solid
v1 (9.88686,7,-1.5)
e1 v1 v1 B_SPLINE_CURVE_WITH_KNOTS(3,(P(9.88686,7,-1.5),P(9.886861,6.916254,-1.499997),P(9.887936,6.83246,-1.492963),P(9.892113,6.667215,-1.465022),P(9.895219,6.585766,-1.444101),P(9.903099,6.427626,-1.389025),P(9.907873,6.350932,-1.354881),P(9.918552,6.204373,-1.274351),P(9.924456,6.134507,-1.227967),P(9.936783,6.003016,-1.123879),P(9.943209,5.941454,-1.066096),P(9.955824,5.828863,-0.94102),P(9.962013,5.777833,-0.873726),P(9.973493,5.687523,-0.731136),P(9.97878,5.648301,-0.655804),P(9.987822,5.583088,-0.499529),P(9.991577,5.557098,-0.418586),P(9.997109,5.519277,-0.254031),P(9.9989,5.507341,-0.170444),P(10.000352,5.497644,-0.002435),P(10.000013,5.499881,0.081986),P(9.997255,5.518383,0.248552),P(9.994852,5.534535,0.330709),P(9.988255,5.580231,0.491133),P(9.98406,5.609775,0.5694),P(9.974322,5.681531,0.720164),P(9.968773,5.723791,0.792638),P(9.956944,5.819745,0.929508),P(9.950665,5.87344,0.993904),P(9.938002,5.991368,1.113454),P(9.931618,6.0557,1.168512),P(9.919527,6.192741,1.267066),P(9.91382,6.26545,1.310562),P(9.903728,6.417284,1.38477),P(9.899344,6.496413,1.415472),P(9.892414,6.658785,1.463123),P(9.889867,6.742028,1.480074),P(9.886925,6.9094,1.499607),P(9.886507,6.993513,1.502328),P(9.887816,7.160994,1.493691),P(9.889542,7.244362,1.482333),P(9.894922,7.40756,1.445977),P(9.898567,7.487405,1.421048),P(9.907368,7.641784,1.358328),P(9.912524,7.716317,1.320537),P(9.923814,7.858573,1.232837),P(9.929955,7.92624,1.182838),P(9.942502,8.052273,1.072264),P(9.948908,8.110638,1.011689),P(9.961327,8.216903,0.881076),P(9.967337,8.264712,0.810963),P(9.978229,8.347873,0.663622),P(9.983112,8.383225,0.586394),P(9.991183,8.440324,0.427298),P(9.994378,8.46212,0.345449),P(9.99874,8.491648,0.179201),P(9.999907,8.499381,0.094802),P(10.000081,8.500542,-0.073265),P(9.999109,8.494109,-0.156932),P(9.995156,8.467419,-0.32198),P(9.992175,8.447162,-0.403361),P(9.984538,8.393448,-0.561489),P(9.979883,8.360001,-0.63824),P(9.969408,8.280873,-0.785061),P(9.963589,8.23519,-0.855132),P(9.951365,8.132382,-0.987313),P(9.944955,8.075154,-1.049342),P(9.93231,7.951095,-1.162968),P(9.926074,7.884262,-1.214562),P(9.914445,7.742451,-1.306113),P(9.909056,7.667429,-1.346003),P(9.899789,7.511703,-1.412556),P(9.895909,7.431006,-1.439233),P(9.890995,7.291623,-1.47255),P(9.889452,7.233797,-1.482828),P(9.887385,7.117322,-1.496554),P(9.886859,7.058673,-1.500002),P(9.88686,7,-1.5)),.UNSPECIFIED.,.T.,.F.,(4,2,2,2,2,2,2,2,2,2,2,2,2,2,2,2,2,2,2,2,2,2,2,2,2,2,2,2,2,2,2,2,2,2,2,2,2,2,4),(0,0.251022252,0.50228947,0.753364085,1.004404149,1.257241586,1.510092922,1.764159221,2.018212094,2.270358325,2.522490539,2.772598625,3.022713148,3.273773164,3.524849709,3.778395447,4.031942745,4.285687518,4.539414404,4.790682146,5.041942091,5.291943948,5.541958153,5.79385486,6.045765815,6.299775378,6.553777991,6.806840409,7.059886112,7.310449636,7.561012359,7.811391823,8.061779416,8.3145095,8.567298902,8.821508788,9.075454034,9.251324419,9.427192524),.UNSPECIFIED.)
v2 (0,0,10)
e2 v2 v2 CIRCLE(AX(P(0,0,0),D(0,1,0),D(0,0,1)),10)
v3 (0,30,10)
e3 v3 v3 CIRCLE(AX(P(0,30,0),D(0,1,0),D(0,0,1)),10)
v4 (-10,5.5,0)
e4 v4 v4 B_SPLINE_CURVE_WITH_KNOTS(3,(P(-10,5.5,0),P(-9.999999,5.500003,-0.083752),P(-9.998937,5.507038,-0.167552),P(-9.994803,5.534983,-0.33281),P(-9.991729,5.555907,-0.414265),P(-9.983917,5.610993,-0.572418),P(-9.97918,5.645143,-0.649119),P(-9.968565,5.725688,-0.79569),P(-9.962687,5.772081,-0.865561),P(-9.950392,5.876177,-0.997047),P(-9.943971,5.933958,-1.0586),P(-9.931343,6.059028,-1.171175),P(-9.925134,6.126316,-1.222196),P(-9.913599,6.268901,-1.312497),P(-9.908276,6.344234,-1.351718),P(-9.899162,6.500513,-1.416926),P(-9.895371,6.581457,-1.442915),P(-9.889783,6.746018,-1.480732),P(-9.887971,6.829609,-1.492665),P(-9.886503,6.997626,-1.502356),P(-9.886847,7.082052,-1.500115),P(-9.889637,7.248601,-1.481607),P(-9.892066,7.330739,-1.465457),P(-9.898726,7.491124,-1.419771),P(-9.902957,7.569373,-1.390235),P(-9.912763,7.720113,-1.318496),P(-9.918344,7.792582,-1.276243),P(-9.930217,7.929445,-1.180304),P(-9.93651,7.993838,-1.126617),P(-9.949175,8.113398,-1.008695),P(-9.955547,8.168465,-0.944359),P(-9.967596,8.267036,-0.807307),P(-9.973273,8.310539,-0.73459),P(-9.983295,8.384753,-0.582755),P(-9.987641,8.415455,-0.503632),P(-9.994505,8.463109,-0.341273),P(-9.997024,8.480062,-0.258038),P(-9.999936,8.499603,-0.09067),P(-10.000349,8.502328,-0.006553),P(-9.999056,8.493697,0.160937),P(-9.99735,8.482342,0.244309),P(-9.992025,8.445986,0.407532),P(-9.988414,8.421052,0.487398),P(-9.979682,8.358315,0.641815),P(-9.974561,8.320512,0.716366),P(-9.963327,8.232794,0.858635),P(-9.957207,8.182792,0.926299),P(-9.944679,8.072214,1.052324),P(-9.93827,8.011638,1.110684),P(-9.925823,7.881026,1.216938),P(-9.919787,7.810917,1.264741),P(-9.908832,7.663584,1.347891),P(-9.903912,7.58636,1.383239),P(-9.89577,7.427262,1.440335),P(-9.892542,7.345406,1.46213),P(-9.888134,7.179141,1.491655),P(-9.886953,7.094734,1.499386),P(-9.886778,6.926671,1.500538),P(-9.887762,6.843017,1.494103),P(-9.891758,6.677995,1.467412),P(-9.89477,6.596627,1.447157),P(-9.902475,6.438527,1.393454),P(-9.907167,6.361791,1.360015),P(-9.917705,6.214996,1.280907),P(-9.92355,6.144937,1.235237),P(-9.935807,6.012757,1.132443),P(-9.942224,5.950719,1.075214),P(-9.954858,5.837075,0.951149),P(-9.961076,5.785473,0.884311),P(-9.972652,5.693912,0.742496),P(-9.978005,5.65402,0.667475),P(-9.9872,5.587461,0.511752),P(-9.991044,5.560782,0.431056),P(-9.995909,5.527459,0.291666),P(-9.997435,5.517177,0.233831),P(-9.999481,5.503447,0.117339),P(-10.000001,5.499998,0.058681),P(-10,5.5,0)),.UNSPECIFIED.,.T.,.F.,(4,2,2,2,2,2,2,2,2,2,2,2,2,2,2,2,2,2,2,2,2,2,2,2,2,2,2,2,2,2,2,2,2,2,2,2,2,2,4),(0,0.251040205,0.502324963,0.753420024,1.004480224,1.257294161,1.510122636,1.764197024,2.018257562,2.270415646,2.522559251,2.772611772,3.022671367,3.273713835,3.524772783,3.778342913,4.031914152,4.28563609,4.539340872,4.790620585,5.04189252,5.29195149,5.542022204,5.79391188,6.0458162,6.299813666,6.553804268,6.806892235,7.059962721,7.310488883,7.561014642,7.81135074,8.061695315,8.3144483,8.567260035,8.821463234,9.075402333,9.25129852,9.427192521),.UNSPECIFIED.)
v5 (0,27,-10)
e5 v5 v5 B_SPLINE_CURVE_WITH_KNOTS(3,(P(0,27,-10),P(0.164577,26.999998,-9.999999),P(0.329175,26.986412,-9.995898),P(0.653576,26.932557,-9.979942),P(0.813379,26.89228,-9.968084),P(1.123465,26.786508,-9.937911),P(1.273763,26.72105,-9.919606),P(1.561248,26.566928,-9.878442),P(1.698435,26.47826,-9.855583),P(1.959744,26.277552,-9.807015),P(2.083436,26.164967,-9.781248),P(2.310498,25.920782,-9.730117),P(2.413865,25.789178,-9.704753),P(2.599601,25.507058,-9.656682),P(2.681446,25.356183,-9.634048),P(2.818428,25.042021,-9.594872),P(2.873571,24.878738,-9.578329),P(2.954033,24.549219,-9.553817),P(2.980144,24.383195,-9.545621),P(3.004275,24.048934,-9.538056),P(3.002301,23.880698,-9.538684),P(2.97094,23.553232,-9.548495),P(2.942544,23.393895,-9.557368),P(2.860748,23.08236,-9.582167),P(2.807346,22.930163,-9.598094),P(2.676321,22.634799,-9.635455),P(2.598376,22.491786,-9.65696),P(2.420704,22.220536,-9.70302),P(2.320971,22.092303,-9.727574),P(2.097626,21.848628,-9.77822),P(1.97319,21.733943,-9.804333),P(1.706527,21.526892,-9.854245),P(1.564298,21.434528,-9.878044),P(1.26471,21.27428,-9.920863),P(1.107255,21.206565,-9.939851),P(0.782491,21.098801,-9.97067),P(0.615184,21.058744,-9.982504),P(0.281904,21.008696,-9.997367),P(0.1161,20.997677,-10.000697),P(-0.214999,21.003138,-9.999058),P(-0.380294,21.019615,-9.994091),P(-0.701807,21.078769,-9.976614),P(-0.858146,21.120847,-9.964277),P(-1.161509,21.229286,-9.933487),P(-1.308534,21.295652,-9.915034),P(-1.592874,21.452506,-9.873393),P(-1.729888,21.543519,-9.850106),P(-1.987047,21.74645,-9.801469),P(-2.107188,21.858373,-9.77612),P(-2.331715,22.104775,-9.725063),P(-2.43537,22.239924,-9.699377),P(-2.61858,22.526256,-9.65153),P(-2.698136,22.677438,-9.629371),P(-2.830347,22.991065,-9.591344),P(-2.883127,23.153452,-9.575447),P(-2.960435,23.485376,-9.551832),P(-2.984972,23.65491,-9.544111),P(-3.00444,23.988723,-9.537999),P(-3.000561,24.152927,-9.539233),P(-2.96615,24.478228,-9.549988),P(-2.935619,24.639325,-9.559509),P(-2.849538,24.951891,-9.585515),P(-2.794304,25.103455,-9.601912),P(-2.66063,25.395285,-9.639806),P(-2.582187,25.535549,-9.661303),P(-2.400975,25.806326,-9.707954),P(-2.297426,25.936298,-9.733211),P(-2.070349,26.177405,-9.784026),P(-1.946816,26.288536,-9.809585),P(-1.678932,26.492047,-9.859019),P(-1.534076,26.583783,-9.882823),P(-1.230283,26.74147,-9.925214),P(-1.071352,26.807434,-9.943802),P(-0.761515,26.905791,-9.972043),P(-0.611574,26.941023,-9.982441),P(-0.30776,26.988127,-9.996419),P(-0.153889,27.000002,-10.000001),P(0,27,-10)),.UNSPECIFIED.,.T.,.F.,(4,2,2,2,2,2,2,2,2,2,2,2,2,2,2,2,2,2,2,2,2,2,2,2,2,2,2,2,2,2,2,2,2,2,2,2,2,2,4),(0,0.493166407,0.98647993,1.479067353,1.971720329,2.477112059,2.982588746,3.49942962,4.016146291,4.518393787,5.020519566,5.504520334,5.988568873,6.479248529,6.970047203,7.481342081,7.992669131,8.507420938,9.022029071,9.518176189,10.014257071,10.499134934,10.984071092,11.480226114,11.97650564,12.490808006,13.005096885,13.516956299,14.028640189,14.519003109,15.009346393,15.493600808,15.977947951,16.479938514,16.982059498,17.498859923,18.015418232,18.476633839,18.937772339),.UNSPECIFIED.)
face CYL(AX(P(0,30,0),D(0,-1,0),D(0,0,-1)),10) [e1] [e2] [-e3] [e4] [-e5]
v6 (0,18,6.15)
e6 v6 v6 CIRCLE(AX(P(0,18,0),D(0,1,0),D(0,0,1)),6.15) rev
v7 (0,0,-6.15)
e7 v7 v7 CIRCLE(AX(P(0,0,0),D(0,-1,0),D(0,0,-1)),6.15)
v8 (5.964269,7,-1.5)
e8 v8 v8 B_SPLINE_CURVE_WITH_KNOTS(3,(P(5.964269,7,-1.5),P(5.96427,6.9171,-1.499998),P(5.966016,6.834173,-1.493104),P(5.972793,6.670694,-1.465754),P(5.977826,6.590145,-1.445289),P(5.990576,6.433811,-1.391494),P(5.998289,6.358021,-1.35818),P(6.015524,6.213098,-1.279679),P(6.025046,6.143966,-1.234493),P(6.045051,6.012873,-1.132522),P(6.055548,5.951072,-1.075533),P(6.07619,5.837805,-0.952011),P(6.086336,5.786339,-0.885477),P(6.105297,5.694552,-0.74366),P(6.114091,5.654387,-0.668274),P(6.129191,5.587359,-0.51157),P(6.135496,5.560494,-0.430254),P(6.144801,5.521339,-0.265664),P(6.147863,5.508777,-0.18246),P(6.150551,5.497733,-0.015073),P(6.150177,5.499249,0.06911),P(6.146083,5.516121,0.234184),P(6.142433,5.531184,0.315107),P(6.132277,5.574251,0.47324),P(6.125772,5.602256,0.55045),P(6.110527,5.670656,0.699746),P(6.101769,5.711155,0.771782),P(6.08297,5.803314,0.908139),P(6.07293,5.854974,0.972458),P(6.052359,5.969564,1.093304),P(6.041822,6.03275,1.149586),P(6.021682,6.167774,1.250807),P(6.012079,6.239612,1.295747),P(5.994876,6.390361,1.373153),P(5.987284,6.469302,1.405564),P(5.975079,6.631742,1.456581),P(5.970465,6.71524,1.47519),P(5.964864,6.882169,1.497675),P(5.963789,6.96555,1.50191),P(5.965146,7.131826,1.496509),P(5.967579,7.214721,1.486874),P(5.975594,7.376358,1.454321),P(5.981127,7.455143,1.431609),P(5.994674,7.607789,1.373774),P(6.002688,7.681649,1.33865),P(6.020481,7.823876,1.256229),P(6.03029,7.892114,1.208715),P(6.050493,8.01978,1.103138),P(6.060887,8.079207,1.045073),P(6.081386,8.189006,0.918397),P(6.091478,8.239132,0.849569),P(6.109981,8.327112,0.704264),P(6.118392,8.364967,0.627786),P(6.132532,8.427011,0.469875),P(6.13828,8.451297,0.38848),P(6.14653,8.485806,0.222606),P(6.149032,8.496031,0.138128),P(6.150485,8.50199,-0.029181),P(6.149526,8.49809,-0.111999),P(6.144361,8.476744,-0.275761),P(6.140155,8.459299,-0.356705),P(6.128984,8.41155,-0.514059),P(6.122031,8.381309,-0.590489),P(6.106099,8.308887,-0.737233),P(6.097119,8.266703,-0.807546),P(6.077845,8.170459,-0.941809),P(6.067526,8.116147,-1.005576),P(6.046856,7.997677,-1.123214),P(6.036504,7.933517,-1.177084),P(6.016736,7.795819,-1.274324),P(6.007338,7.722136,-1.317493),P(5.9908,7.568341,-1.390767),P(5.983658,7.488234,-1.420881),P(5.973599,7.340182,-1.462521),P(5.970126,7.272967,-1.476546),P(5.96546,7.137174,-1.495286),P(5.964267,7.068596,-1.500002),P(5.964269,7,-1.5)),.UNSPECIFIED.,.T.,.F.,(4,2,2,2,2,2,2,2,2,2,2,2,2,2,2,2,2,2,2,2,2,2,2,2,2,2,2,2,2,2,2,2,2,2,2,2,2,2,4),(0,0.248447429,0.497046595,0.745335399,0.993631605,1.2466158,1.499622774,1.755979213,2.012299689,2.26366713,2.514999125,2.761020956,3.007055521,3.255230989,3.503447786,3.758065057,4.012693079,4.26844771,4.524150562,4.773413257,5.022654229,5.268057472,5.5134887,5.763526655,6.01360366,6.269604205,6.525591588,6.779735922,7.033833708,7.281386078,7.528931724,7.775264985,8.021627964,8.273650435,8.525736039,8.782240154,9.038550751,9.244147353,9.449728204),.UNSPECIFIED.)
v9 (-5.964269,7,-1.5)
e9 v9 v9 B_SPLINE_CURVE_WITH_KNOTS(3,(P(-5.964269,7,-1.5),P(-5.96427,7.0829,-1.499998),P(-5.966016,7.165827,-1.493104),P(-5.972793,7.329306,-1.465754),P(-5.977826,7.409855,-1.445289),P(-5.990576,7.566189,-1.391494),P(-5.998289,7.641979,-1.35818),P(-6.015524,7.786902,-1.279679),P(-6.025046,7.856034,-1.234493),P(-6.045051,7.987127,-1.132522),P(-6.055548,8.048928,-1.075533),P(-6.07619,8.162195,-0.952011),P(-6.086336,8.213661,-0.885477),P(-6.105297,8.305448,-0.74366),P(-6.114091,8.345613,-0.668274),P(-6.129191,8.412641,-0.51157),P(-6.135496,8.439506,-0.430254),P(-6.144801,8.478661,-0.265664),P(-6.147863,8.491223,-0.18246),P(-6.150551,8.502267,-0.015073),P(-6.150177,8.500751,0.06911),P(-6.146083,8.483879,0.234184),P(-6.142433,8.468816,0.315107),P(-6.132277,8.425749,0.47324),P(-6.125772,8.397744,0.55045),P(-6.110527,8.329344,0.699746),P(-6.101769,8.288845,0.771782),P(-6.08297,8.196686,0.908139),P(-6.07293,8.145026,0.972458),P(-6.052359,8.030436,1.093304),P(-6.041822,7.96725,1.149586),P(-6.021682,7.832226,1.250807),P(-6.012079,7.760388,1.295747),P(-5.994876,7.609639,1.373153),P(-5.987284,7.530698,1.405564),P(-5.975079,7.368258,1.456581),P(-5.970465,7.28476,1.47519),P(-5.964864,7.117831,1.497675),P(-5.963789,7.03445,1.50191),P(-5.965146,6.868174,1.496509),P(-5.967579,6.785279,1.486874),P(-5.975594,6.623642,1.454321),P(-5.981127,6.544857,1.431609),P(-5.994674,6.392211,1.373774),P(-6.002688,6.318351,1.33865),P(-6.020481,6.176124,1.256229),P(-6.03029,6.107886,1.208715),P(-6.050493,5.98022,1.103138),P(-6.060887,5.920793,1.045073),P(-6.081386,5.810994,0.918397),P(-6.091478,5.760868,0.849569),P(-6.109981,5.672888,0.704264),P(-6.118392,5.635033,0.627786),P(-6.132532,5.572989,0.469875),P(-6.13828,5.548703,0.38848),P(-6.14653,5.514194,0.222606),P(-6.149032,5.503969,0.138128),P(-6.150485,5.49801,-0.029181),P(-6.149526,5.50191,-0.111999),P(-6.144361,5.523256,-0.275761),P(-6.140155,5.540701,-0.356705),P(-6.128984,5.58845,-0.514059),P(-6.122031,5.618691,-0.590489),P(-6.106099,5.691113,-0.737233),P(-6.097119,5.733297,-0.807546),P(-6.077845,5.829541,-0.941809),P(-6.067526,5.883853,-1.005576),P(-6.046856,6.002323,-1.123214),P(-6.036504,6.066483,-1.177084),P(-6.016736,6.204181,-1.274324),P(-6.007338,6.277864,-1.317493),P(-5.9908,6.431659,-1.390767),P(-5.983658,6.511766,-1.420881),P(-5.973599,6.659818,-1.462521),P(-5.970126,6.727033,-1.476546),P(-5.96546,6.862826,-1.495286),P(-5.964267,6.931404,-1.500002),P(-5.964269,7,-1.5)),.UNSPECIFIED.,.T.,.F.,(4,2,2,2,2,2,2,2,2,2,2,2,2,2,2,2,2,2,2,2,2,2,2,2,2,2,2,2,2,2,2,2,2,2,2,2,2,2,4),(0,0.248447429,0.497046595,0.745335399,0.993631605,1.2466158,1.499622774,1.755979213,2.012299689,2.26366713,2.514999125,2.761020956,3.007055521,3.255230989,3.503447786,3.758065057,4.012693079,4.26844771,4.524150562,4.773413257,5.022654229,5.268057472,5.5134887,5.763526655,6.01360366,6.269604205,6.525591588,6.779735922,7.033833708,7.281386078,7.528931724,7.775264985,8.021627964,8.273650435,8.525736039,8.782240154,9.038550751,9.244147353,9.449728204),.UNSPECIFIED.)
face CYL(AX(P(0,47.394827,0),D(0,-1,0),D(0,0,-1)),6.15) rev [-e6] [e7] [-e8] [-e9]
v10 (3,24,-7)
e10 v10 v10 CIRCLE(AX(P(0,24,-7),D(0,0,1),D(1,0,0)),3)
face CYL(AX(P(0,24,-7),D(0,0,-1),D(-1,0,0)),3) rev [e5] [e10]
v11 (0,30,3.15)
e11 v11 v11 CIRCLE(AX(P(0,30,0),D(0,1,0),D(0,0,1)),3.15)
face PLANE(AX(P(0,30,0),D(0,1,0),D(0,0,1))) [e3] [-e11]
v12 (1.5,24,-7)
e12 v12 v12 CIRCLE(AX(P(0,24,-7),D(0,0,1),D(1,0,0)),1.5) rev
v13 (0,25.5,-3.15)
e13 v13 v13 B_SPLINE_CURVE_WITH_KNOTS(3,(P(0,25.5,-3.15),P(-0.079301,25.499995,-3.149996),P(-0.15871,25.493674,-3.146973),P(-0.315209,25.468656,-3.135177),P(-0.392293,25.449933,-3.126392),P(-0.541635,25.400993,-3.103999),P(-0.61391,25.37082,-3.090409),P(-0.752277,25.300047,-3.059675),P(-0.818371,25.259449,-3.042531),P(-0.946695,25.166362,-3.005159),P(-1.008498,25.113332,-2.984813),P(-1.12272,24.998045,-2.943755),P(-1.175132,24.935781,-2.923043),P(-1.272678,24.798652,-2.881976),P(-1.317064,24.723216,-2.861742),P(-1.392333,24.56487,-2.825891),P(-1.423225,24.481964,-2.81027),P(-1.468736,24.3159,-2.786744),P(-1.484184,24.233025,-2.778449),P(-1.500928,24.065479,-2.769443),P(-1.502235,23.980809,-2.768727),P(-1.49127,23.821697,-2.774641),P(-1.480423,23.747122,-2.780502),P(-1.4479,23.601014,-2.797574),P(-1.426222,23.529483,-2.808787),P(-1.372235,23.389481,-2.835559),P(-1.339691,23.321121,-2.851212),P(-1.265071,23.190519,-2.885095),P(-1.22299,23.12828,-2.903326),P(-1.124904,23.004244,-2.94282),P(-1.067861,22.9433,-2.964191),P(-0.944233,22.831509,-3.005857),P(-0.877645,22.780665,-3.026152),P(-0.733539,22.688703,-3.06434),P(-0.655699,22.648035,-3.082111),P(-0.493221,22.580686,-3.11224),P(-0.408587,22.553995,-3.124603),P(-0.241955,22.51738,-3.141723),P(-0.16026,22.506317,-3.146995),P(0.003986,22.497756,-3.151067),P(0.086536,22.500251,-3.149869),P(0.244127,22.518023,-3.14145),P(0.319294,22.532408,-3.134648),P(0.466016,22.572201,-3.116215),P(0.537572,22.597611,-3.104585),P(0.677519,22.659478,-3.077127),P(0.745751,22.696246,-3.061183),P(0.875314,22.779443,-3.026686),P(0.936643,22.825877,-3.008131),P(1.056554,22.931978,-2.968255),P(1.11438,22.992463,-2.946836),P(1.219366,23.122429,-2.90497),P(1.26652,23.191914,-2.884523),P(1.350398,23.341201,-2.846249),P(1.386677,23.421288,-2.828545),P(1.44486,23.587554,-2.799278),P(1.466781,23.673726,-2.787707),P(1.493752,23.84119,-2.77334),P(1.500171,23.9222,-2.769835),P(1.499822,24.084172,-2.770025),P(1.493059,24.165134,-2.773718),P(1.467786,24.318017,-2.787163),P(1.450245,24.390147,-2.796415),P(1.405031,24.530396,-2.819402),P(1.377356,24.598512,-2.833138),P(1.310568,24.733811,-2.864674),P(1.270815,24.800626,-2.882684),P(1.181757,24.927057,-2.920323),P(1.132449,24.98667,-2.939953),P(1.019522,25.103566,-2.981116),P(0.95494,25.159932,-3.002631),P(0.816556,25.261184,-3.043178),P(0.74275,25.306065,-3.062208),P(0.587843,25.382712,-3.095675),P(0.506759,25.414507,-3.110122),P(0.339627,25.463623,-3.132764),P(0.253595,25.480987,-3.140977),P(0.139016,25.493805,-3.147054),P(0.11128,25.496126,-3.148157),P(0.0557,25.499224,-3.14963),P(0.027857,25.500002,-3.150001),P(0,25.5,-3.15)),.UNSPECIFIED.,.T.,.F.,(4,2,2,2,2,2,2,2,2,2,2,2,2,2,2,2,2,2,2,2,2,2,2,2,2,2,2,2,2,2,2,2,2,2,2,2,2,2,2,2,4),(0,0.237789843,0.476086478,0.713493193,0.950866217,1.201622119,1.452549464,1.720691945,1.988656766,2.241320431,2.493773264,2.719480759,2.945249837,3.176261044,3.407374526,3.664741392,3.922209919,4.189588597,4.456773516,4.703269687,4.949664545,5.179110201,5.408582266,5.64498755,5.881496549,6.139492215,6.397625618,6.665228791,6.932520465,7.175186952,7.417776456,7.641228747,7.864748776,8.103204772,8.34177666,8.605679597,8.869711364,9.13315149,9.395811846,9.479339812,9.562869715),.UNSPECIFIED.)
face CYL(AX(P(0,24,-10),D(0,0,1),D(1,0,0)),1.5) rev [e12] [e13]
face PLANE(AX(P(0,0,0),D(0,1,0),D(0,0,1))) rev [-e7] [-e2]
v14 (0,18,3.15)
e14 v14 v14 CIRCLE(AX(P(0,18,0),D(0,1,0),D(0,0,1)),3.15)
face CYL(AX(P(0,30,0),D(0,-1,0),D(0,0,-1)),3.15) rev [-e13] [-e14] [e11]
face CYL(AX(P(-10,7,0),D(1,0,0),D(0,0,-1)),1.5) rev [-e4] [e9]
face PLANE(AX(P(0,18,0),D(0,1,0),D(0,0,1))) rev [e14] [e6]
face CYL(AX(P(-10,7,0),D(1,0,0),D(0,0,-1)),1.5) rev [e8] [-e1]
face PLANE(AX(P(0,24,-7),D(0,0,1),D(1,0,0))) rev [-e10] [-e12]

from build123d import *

# Parameters (mm, degrees)
SKETCH_1_R               = 10
SKETCH_1_R_2             = 3.15
EXTRUDE_1_DEPTH          = 30
CUT_EXTRUDE_1_DEPTH      = 34.166247904
CUT_EXTRUDE_1_DEPTH_BACK = 34.166247904
SKETCH_2_R               = 1.5
SKETCH_3_R               = 1.5
CUT_EXTRUDE_2_DEPTH      = 34.166248063
SKETCH_4_R               = 6.15
CUT_EXTRUDE_3_DEPTH      = 18
CUT_EXTRUDE_START        = -10
SKETCH_5_R               = 3
CUT_EXTRUDE_4_DEPTH      = 3


with BuildPart() as part:
    # 草图1 → 凸台-拉伸1 (new body)
    with BuildSketch(Plane(origin=(0, 0, 0), x_dir=(1, 0, 0), z_dir=(0, 1, 0))):
        with Locations(Location((0, 0, 0), (0, 0, 270))):
            Circle(SKETCH_1_R)
        with Locations(Location((0, 0, 0), (0, 0, 270))):
            Circle(SKETCH_1_R_2, mode=Mode.SUBTRACT)
    extrude(amount=EXTRUDE_1_DEPTH)

    # 草图2 → 切除-拉伸1 (cut, two sides: drawn at the far end of the back side and taken through both)
    with BuildSketch(Plane(origin=(0, 0, 0), x_dir=(0, 0, -1), z_dir=(1, 0, 0)).offset(-CUT_EXTRUDE_1_DEPTH_BACK)):
        with Locations((0, 7)):
            Circle(SKETCH_2_R)
    extrude(amount=CUT_EXTRUDE_1_DEPTH + CUT_EXTRUDE_1_DEPTH_BACK, mode=Mode.SUBTRACT)

    # 草图3 → 切除-拉伸2 (cut, through all)
    with BuildSketch(Plane.XY):
        with Locations(Location((0, 24, 0), (0, 0, 90))):
            Circle(SKETCH_3_R)
    extrude(amount=-CUT_EXTRUDE_2_DEPTH, mode=Mode.SUBTRACT)

    # 草图4 → 切除-拉伸3 (cut)
    with BuildSketch(Plane.XZ):
        with Locations(Location((0, 0, 0), (0, 0, 270))):
            Circle(SKETCH_4_R)
    extrude(amount=-CUT_EXTRUDE_3_DEPTH, mode=Mode.SUBTRACT)

    # 草图5 → 切除-拉伸4 (cut)
    with BuildSketch(Plane.XY.offset(CUT_EXTRUDE_START)):
        with Locations(Location((0, 24, 0), (0, 0, 90))):
            Circle(SKETCH_5_R)
    extrude(amount=CUT_EXTRUDE_4_DEPTH, mode=Mode.SUBTRACT)


solid = part.part
